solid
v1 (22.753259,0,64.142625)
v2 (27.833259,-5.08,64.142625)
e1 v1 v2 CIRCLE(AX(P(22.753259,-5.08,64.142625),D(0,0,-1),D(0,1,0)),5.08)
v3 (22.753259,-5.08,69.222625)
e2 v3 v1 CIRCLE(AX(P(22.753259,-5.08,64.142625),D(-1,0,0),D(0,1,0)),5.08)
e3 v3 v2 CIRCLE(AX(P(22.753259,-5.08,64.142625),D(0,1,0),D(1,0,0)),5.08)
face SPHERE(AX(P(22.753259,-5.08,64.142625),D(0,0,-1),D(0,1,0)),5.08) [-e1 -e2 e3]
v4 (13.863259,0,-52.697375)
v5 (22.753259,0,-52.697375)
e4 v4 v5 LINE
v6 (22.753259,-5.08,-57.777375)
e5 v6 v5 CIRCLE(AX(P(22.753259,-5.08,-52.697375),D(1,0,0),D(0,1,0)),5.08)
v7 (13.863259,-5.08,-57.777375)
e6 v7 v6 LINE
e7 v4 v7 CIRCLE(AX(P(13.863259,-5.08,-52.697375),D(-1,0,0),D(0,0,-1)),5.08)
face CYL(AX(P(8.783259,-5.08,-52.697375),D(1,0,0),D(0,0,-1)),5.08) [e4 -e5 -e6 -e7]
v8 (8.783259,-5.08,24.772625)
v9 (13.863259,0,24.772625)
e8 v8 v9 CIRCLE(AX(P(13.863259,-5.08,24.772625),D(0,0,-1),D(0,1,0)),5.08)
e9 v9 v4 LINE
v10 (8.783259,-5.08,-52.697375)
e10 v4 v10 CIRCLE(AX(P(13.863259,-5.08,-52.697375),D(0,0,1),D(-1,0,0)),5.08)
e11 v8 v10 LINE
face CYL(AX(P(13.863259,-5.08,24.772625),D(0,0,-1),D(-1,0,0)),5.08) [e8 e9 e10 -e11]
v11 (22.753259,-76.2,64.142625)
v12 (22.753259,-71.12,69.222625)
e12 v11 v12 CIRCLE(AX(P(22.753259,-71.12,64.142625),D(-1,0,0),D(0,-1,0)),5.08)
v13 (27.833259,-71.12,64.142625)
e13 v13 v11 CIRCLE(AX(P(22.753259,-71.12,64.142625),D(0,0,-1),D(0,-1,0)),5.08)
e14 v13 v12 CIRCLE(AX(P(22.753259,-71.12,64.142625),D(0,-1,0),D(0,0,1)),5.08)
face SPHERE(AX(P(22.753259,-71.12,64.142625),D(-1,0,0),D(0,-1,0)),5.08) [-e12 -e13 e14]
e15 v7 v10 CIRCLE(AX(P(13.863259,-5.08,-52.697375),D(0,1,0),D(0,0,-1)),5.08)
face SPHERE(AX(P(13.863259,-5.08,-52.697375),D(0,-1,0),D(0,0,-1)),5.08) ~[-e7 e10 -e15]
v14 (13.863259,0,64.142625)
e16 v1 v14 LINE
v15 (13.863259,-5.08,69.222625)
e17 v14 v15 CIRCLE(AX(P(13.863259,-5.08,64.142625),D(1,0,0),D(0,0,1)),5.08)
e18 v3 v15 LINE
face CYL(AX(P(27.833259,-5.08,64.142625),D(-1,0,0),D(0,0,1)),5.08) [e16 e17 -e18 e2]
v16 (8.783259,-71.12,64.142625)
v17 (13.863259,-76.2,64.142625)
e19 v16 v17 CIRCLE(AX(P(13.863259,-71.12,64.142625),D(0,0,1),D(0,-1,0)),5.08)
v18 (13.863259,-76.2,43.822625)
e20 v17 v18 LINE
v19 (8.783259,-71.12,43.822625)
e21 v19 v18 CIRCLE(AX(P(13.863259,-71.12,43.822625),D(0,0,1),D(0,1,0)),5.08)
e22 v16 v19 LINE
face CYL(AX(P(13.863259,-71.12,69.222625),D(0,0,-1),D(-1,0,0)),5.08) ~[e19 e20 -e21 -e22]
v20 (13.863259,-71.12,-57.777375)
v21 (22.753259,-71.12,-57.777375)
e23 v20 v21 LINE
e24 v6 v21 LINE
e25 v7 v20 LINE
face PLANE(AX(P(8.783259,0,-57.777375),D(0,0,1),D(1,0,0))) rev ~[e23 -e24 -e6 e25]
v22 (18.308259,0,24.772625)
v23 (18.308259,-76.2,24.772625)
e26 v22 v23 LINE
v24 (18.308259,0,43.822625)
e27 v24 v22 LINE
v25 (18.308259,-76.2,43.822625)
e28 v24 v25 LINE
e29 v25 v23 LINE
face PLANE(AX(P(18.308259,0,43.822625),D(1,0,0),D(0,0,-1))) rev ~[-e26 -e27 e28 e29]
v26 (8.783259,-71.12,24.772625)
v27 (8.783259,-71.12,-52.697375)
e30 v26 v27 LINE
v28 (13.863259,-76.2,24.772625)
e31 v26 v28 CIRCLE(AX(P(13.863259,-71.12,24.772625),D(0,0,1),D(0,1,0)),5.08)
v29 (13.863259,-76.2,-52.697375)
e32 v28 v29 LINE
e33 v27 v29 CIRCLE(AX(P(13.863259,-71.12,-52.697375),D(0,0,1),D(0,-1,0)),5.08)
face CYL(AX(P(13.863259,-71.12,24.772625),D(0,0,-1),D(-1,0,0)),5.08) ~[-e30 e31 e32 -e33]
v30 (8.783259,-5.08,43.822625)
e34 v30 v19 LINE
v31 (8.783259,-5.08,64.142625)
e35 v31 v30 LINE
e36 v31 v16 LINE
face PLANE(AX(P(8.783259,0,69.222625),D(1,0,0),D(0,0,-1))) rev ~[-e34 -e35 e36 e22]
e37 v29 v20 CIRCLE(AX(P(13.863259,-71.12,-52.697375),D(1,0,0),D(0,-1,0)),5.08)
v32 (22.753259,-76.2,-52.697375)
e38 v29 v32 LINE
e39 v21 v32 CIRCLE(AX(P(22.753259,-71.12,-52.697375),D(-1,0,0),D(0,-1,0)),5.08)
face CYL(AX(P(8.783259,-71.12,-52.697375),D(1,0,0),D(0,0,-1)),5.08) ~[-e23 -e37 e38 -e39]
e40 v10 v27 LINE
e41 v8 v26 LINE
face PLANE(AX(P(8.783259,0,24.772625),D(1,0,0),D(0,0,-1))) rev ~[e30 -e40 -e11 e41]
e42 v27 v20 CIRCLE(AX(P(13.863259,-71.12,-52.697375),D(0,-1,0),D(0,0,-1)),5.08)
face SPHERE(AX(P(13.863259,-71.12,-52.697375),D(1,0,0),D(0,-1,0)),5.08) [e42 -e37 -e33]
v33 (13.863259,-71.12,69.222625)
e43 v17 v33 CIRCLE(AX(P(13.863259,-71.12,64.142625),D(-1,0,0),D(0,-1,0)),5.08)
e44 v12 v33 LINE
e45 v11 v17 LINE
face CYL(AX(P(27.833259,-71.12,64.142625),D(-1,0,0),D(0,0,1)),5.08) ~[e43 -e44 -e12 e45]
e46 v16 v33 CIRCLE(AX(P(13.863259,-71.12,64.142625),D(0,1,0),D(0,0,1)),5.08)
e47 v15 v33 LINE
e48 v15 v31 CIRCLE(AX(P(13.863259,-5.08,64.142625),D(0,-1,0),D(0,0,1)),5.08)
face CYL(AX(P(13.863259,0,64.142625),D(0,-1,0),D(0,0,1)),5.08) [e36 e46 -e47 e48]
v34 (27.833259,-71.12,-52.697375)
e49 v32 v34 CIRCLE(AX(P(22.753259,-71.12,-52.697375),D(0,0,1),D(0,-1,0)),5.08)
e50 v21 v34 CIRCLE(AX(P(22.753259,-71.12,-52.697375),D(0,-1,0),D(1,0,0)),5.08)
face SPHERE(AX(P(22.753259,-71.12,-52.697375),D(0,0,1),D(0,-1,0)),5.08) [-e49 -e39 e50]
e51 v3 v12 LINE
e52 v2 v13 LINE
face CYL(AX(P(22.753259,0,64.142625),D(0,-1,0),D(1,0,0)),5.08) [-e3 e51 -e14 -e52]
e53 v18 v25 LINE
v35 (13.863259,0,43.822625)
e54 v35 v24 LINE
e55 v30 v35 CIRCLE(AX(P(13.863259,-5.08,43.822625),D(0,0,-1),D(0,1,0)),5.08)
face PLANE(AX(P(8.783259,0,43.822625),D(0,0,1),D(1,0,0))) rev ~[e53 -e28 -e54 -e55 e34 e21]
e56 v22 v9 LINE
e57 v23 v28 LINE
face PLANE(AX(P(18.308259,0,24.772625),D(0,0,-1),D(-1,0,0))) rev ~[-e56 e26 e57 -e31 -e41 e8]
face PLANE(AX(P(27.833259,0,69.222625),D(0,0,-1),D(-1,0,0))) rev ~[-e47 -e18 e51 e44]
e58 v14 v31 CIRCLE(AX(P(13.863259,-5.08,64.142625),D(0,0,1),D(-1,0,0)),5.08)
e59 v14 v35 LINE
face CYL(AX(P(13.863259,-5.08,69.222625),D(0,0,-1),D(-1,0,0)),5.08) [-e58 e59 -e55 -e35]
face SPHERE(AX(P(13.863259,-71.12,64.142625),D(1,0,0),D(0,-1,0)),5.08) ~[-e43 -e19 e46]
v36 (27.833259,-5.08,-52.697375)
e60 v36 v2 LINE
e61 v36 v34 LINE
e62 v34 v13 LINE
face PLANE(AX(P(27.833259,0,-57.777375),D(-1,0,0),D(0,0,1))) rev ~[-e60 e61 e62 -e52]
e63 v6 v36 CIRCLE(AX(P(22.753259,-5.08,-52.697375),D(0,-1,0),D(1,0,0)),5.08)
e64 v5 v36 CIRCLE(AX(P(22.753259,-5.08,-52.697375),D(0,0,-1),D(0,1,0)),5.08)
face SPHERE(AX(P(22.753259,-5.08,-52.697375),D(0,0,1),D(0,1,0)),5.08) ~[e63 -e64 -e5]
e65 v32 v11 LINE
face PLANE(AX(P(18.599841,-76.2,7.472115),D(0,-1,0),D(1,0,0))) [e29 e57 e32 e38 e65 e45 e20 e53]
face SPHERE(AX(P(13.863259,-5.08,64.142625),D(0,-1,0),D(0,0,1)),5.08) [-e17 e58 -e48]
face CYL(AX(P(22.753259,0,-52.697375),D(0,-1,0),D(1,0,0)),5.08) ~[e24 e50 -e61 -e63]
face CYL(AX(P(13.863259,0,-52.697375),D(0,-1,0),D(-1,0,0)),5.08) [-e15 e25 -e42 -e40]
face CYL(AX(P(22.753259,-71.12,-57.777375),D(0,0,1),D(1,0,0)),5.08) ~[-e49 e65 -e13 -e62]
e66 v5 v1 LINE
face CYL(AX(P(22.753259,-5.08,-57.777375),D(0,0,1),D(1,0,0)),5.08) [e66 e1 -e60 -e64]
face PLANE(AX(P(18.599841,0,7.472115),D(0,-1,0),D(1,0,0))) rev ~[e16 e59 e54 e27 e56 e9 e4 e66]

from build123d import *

# Parameters (mm, degrees)
F1_DEPTH = 76.2
F2_R     = 5.08


with BuildPart() as f1:
    # F0 (on Front) → F1 (new body)
    with BuildSketch(Plane.XZ):
        Polygon((27.833259, -57.777375), (27.833259, 69.222625), (8.783259, 69.222625), (8.783259, 43.822625), (18.308259, 43.822625), (18.308259, 24.772625), (8.783259, 24.772625), (8.783259, -57.777375), align=None)
    extrude(amount=F1_DEPTH)

    # F2
    f2_edges = [f1.edges().sort_by_distance(p)[0] for p in [
        (18.308259, -76.2, 69.222625),
        (8.783259, -76.2, 56.522625),
        (27.833259, -76.2, 5.722625),
        (18.308259, -76.2, -57.777375),
        (8.783259, -76.2, -16.502375),
        (8.783259, -38.1, 69.222625),
        (8.783259, -38.1, -57.777375),
        (27.833259, 0, 5.722625),
        (18.308259, 0, 69.222625),
        (18.308259, 0, -57.777375),
        (27.833259, -38.1, 69.222625),
        (27.833259, -38.1, -57.777375),
        (8.783259, 0, 56.522625),
        (8.783259, 0, -16.502375),
    ]]
    fillet(f2_edges, radius=F2_R)


solid = f1.part
